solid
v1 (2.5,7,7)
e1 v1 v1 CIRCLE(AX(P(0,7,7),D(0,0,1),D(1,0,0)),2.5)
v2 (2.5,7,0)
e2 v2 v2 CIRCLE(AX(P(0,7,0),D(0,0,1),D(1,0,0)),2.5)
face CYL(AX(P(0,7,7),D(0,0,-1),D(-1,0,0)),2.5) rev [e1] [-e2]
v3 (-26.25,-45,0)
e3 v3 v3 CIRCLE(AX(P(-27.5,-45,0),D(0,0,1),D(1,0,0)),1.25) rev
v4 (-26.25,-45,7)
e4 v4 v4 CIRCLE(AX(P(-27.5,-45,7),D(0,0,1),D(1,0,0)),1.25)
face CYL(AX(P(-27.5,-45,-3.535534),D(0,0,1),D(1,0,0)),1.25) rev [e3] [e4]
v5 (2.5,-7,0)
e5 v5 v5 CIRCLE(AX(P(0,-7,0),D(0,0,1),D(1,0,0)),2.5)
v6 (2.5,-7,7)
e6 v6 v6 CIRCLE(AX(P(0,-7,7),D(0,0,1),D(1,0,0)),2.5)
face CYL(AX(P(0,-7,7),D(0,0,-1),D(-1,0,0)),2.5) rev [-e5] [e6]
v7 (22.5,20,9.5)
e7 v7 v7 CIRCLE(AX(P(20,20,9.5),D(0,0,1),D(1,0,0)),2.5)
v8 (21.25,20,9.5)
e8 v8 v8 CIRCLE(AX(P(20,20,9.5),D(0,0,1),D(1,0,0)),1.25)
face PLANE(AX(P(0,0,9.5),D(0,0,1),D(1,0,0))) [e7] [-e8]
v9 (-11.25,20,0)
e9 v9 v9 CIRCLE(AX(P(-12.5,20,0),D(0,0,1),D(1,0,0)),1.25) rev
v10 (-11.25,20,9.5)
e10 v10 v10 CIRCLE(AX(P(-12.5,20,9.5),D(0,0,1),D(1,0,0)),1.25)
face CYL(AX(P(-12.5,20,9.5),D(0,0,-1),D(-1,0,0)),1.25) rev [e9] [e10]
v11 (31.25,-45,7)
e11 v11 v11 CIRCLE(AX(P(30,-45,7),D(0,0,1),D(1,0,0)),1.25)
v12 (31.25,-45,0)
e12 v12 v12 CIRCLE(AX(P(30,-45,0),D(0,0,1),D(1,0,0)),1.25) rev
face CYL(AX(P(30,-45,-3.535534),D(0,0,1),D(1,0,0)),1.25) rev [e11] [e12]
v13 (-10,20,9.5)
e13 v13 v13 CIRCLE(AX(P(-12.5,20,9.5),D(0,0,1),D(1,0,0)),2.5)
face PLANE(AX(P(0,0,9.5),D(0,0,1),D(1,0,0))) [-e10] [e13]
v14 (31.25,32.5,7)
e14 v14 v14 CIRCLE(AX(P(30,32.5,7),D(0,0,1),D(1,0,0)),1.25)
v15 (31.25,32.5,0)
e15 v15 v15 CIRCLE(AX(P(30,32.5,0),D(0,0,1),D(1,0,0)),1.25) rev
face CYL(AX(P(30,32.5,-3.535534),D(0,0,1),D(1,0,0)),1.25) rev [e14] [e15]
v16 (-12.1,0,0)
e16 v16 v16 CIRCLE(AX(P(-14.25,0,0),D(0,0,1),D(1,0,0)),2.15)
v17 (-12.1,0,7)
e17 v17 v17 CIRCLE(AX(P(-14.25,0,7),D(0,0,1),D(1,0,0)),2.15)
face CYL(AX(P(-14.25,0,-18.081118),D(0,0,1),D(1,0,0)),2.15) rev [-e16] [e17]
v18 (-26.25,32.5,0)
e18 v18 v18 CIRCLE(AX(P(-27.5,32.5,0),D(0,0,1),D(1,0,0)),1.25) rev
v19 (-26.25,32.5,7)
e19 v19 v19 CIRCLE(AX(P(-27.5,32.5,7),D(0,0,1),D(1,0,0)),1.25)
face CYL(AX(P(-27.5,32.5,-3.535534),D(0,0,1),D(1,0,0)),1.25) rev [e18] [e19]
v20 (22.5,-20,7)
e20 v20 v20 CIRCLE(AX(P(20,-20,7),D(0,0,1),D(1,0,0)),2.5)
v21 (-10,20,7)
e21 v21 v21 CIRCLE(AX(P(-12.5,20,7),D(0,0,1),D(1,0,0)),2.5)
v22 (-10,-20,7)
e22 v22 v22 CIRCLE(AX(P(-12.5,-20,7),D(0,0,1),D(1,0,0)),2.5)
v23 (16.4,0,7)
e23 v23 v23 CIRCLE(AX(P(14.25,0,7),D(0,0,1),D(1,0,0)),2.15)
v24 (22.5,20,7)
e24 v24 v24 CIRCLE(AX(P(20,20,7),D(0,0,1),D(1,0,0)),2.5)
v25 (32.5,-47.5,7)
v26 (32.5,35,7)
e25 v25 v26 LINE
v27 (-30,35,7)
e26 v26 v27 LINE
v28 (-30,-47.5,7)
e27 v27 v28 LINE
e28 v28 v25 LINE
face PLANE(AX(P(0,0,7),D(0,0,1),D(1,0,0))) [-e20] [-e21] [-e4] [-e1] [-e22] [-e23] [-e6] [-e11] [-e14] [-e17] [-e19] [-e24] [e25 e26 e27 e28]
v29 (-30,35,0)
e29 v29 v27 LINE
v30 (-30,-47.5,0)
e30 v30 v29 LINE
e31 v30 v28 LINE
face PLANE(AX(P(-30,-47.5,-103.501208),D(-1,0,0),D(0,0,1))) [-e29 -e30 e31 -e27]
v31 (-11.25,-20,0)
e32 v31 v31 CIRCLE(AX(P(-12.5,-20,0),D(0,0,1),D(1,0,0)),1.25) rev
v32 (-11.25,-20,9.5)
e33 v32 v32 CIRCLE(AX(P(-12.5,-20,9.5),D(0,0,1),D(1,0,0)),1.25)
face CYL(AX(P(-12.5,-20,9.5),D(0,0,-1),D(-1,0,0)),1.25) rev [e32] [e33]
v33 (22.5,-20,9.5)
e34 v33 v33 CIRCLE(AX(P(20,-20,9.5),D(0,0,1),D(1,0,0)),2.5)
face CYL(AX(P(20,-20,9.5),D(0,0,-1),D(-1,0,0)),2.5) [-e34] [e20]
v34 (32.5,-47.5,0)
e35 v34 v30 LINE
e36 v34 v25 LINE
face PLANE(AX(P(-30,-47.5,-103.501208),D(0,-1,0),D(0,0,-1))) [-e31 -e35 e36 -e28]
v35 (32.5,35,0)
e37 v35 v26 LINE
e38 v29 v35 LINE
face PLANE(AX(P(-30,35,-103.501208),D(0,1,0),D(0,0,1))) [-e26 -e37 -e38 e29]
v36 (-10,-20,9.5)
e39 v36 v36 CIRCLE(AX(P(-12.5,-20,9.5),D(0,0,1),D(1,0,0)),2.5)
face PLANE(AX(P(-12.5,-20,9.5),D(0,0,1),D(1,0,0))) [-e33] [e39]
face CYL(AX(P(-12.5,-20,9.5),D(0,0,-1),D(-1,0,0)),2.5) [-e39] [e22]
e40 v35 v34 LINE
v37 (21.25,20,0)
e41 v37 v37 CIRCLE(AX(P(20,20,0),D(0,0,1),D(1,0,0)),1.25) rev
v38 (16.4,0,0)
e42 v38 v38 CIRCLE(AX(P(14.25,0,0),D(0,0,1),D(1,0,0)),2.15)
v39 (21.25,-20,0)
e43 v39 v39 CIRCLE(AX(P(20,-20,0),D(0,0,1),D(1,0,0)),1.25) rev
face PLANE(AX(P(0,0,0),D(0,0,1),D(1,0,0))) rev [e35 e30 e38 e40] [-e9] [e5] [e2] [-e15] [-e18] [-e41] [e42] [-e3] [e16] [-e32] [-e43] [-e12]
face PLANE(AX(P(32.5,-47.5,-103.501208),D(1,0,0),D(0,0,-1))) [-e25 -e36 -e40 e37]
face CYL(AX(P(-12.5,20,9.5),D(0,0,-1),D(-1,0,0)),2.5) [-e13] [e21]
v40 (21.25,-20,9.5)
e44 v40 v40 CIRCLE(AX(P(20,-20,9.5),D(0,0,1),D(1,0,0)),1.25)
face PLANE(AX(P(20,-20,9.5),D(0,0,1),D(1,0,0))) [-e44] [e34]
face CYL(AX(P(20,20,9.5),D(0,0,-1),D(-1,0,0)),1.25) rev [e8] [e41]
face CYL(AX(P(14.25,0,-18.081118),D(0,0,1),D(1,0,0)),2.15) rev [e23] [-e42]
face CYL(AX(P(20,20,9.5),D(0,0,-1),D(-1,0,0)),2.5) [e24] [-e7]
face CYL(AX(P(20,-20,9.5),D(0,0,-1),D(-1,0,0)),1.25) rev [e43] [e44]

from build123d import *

# Parameters (mm, degrees)
SKIZZE1_R                         = 2.15
AUFSATZ_LINEAR_AUSTRAGEN1_DEPTH   = 12
AUFSATZ_LINEAR_AUSTRAGEN1_2_DEPTH = 12
AUFSATZ_LINEAR_START              = 7
SKIZZE1_3_W                       = 10
SKIZZE1_3_H                       = 34
SKIZZE1_3_R                       = 2.15
SKIZZE1_3_R_2                     = 2.5
AUFSATZ_LINEAR_AUSTRAGEN3_DEPTH   = 7
SKIZZE4_W                         = 52.5
SKIZZE4_H                         = 72.5
SKIZZE4_R                         = 2.5
SKIZZE4_R_2                       = 2.15
AUFSATZ_LINEAR_AUSTRAGEN4_DEPTH   = 7
SKIZZE4_3_R                       = 2.5
SKIZZE4_3_R_2                     = 1.25
AUFSATZ_LINEAR_AUSTRAGEN5_DEPTH   = 2.5
SCHNITT_LINEAR_START              = -7
SKIZZE4_4_R                       = 1.25
SCHNITT_LINEAR_AUSTRAGEN1_DEPTH   = 7
SKIZZE4_5_R                       = 2.15
SCHNITT_LINEAR_AUSTRAGEN2_DEPTH   = 19
SKIZZE6_W                         = 62.5
SKIZZE6_H                         = 82.5
SKIZZE6_W_2                       = 52.5
SKIZZE6_H_2                       = 72.5
AUFSATZ_LINEAR_AUSTRAGEN6_DEPTH   = 7
SKIZZE5_R                         = 1.25
SCHNITT_LINEAR_AUSTRAGEN3_DEPTH   = 7


with BuildPart() as part:
    # Skizze1 → Aufsatz-Linear austragen1 (new body)
    with BuildSketch(Plane.XY):
        with Locations((-14.25, 0)):
            Circle(SKIZZE1_R)
    extrude(amount=-AUFSATZ_LINEAR_AUSTRAGEN1_DEPTH)



with BuildPart() as body_2:
    # Skizze1 → Aufsatz-Linear austragen1 2 (new body)
    with BuildSketch(Plane.XY):
        with Locations((14.25, 0)):
            Circle(SKIZZE1_R)
    extrude(amount=-AUFSATZ_LINEAR_AUSTRAGEN1_2_DEPTH)


with BuildPart() as part_1:
    add(part.part)

    add(body_2.part)  # Aufsatz-Linear austragen3 merges body 2
    # Skizze1<3> → Aufsatz-Linear austragen3 (add)
    # profile 1 of 4: a face of its own
    with BuildSketch(Plane.XY.offset(AUFSATZ_LINEAR_START)):
        with Locations((-12.5, 0)):
            Rectangle(SKIZZE1_3_W, SKIZZE1_3_H)
        with Locations((-14.25, 0)):
            Circle(SKIZZE1_3_R, mode=Mode.SUBTRACT)
    # profile 2 of 4: a face of its own
    with BuildSketch(Plane.XY.offset(AUFSATZ_LINEAR_START)):
        Polygon((17.5, -17), (17.5, 17), (0, 17), (-7.5, 17), (-7.5, -17), align=None)
        with Locations((0, -7)):
            Circle(SKIZZE1_3_R_2, mode=Mode.SUBTRACT)
        with Locations((0, 7)):
            Circle(SKIZZE1_3_R_2, mode=Mode.SUBTRACT)
        with Locations((14.25, 0)):
            Circle(SKIZZE1_3_R, mode=Mode.SUBTRACT)
    # profile 3 of 4: a face of its own
    with BuildSketch(Plane.XY.offset(AUFSATZ_LINEAR_START)):
        with Locations((-14.25, 0)):
            Circle(SKIZZE1_3_R)
    # profile 4 of 4: a face of its own
    with BuildSketch(Plane.XY.offset(AUFSATZ_LINEAR_START)):
        with Locations((14.25, 0)):
            Circle(SKIZZE1_3_R)
    extrude(amount=-AUFSATZ_LINEAR_AUSTRAGEN3_DEPTH)

    # Skizze4 → Aufsatz-Linear austragen4 (add)
    with BuildSketch(Plane.XY.offset(7)):
        with Locations((1.25, -6.25)):
            Rectangle(SKIZZE4_W, SKIZZE4_H)
        with Locations((0, -7)):
            Circle(SKIZZE4_R, mode=Mode.SUBTRACT)
        with Locations((-14.25, 0)):
            Circle(SKIZZE4_R_2, mode=Mode.SUBTRACT)
        with Locations((0, 7)):
            Circle(SKIZZE4_R, mode=Mode.SUBTRACT)
        with Locations((14.25, 0)):
            Circle(SKIZZE4_R_2, mode=Mode.SUBTRACT)
    extrude(amount=-AUFSATZ_LINEAR_AUSTRAGEN4_DEPTH)

    # Skizze4<3> → Aufsatz-Linear austragen5 (add)
    # profile 1 of 4: a face of its own
    with BuildSketch(Plane.XY.offset(7)):
        with Locations((-12.5, -20)):
            Circle(SKIZZE4_3_R)
        with Locations((-12.5, -20)):
            Circle(SKIZZE4_3_R_2, mode=Mode.SUBTRACT)
    # profile 2 of 4: a face of its own
    with BuildSketch(Plane.XY.offset(7)):
        with Locations((-12.5, 20)):
            Circle(SKIZZE4_3_R)
        with Locations((-12.5, 20)):
            Circle(SKIZZE4_3_R_2, mode=Mode.SUBTRACT)
    # profile 3 of 4: a face of its own
    with BuildSketch(Plane.XY.offset(7)):
        with Locations((20, 20)):
            Circle(SKIZZE4_3_R)
        with Locations((20, 20)):
            Circle(SKIZZE4_3_R_2, mode=Mode.SUBTRACT)
    # profile 4 of 4: a face of its own
    with BuildSketch(Plane.XY.offset(7)):
        with Locations((20, -20)):
            Circle(SKIZZE4_3_R)
        with Locations((20, -20)):
            Circle(SKIZZE4_3_R_2, mode=Mode.SUBTRACT)
    extrude(amount=AUFSATZ_LINEAR_AUSTRAGEN5_DEPTH)

    # Skizze4<4> → Schnitt-Linear austragen1 (cut)
    with BuildSketch(Plane.XY.offset(7).offset(SCHNITT_LINEAR_START)):
        with Locations((-12.5, -20)):
            Circle(SKIZZE4_4_R)
        with Locations((20, 20)):
            Circle(SKIZZE4_4_R)
        with Locations((20, -20)):
            Circle(SKIZZE4_4_R)
        with Locations((-12.5, 20)):
            Circle(SKIZZE4_4_R)
    extrude(amount=SCHNITT_LINEAR_AUSTRAGEN1_DEPTH, mode=Mode.SUBTRACT)

    # Skizze4<5> → Schnitt-Linear austragen2 (cut)
    with BuildSketch(Plane.XY.offset(7)):
        with Locations((-14.25, 0)):
            Circle(SKIZZE4_5_R)
        with Locations((14.25, 0)):
            Circle(SKIZZE4_5_R)
    extrude(amount=-SCHNITT_LINEAR_AUSTRAGEN2_DEPTH, mode=Mode.SUBTRACT)

    # Skizze6 → Aufsatz-Linear austragen6 (add)
    with BuildSketch(Plane.XY.offset(7)):
        with Locations((1.25, -6.25)):
            Rectangle(SKIZZE6_W, SKIZZE6_H)
        with Locations((1.25, -6.25)):
            Rectangle(SKIZZE6_W_2, SKIZZE6_H_2, mode=Mode.SUBTRACT)
    extrude(amount=-AUFSATZ_LINEAR_AUSTRAGEN6_DEPTH)

    # Skizze5 → Schnitt-Linear austragen3 (cut)
    with BuildSketch(Plane.XY.offset(7)):
        with Locations((-27.5, 32.5)):
            Circle(SKIZZE5_R)
        with Locations((-27.5, -45)):
            Circle(SKIZZE5_R)
        with Locations((30, -45)):
            Circle(SKIZZE5_R)
        with Locations((30, 32.5)):
            Circle(SKIZZE5_R)
    extrude(amount=-SCHNITT_LINEAR_AUSTRAGEN3_DEPTH, mode=Mode.SUBTRACT)


solid = part_1.part
